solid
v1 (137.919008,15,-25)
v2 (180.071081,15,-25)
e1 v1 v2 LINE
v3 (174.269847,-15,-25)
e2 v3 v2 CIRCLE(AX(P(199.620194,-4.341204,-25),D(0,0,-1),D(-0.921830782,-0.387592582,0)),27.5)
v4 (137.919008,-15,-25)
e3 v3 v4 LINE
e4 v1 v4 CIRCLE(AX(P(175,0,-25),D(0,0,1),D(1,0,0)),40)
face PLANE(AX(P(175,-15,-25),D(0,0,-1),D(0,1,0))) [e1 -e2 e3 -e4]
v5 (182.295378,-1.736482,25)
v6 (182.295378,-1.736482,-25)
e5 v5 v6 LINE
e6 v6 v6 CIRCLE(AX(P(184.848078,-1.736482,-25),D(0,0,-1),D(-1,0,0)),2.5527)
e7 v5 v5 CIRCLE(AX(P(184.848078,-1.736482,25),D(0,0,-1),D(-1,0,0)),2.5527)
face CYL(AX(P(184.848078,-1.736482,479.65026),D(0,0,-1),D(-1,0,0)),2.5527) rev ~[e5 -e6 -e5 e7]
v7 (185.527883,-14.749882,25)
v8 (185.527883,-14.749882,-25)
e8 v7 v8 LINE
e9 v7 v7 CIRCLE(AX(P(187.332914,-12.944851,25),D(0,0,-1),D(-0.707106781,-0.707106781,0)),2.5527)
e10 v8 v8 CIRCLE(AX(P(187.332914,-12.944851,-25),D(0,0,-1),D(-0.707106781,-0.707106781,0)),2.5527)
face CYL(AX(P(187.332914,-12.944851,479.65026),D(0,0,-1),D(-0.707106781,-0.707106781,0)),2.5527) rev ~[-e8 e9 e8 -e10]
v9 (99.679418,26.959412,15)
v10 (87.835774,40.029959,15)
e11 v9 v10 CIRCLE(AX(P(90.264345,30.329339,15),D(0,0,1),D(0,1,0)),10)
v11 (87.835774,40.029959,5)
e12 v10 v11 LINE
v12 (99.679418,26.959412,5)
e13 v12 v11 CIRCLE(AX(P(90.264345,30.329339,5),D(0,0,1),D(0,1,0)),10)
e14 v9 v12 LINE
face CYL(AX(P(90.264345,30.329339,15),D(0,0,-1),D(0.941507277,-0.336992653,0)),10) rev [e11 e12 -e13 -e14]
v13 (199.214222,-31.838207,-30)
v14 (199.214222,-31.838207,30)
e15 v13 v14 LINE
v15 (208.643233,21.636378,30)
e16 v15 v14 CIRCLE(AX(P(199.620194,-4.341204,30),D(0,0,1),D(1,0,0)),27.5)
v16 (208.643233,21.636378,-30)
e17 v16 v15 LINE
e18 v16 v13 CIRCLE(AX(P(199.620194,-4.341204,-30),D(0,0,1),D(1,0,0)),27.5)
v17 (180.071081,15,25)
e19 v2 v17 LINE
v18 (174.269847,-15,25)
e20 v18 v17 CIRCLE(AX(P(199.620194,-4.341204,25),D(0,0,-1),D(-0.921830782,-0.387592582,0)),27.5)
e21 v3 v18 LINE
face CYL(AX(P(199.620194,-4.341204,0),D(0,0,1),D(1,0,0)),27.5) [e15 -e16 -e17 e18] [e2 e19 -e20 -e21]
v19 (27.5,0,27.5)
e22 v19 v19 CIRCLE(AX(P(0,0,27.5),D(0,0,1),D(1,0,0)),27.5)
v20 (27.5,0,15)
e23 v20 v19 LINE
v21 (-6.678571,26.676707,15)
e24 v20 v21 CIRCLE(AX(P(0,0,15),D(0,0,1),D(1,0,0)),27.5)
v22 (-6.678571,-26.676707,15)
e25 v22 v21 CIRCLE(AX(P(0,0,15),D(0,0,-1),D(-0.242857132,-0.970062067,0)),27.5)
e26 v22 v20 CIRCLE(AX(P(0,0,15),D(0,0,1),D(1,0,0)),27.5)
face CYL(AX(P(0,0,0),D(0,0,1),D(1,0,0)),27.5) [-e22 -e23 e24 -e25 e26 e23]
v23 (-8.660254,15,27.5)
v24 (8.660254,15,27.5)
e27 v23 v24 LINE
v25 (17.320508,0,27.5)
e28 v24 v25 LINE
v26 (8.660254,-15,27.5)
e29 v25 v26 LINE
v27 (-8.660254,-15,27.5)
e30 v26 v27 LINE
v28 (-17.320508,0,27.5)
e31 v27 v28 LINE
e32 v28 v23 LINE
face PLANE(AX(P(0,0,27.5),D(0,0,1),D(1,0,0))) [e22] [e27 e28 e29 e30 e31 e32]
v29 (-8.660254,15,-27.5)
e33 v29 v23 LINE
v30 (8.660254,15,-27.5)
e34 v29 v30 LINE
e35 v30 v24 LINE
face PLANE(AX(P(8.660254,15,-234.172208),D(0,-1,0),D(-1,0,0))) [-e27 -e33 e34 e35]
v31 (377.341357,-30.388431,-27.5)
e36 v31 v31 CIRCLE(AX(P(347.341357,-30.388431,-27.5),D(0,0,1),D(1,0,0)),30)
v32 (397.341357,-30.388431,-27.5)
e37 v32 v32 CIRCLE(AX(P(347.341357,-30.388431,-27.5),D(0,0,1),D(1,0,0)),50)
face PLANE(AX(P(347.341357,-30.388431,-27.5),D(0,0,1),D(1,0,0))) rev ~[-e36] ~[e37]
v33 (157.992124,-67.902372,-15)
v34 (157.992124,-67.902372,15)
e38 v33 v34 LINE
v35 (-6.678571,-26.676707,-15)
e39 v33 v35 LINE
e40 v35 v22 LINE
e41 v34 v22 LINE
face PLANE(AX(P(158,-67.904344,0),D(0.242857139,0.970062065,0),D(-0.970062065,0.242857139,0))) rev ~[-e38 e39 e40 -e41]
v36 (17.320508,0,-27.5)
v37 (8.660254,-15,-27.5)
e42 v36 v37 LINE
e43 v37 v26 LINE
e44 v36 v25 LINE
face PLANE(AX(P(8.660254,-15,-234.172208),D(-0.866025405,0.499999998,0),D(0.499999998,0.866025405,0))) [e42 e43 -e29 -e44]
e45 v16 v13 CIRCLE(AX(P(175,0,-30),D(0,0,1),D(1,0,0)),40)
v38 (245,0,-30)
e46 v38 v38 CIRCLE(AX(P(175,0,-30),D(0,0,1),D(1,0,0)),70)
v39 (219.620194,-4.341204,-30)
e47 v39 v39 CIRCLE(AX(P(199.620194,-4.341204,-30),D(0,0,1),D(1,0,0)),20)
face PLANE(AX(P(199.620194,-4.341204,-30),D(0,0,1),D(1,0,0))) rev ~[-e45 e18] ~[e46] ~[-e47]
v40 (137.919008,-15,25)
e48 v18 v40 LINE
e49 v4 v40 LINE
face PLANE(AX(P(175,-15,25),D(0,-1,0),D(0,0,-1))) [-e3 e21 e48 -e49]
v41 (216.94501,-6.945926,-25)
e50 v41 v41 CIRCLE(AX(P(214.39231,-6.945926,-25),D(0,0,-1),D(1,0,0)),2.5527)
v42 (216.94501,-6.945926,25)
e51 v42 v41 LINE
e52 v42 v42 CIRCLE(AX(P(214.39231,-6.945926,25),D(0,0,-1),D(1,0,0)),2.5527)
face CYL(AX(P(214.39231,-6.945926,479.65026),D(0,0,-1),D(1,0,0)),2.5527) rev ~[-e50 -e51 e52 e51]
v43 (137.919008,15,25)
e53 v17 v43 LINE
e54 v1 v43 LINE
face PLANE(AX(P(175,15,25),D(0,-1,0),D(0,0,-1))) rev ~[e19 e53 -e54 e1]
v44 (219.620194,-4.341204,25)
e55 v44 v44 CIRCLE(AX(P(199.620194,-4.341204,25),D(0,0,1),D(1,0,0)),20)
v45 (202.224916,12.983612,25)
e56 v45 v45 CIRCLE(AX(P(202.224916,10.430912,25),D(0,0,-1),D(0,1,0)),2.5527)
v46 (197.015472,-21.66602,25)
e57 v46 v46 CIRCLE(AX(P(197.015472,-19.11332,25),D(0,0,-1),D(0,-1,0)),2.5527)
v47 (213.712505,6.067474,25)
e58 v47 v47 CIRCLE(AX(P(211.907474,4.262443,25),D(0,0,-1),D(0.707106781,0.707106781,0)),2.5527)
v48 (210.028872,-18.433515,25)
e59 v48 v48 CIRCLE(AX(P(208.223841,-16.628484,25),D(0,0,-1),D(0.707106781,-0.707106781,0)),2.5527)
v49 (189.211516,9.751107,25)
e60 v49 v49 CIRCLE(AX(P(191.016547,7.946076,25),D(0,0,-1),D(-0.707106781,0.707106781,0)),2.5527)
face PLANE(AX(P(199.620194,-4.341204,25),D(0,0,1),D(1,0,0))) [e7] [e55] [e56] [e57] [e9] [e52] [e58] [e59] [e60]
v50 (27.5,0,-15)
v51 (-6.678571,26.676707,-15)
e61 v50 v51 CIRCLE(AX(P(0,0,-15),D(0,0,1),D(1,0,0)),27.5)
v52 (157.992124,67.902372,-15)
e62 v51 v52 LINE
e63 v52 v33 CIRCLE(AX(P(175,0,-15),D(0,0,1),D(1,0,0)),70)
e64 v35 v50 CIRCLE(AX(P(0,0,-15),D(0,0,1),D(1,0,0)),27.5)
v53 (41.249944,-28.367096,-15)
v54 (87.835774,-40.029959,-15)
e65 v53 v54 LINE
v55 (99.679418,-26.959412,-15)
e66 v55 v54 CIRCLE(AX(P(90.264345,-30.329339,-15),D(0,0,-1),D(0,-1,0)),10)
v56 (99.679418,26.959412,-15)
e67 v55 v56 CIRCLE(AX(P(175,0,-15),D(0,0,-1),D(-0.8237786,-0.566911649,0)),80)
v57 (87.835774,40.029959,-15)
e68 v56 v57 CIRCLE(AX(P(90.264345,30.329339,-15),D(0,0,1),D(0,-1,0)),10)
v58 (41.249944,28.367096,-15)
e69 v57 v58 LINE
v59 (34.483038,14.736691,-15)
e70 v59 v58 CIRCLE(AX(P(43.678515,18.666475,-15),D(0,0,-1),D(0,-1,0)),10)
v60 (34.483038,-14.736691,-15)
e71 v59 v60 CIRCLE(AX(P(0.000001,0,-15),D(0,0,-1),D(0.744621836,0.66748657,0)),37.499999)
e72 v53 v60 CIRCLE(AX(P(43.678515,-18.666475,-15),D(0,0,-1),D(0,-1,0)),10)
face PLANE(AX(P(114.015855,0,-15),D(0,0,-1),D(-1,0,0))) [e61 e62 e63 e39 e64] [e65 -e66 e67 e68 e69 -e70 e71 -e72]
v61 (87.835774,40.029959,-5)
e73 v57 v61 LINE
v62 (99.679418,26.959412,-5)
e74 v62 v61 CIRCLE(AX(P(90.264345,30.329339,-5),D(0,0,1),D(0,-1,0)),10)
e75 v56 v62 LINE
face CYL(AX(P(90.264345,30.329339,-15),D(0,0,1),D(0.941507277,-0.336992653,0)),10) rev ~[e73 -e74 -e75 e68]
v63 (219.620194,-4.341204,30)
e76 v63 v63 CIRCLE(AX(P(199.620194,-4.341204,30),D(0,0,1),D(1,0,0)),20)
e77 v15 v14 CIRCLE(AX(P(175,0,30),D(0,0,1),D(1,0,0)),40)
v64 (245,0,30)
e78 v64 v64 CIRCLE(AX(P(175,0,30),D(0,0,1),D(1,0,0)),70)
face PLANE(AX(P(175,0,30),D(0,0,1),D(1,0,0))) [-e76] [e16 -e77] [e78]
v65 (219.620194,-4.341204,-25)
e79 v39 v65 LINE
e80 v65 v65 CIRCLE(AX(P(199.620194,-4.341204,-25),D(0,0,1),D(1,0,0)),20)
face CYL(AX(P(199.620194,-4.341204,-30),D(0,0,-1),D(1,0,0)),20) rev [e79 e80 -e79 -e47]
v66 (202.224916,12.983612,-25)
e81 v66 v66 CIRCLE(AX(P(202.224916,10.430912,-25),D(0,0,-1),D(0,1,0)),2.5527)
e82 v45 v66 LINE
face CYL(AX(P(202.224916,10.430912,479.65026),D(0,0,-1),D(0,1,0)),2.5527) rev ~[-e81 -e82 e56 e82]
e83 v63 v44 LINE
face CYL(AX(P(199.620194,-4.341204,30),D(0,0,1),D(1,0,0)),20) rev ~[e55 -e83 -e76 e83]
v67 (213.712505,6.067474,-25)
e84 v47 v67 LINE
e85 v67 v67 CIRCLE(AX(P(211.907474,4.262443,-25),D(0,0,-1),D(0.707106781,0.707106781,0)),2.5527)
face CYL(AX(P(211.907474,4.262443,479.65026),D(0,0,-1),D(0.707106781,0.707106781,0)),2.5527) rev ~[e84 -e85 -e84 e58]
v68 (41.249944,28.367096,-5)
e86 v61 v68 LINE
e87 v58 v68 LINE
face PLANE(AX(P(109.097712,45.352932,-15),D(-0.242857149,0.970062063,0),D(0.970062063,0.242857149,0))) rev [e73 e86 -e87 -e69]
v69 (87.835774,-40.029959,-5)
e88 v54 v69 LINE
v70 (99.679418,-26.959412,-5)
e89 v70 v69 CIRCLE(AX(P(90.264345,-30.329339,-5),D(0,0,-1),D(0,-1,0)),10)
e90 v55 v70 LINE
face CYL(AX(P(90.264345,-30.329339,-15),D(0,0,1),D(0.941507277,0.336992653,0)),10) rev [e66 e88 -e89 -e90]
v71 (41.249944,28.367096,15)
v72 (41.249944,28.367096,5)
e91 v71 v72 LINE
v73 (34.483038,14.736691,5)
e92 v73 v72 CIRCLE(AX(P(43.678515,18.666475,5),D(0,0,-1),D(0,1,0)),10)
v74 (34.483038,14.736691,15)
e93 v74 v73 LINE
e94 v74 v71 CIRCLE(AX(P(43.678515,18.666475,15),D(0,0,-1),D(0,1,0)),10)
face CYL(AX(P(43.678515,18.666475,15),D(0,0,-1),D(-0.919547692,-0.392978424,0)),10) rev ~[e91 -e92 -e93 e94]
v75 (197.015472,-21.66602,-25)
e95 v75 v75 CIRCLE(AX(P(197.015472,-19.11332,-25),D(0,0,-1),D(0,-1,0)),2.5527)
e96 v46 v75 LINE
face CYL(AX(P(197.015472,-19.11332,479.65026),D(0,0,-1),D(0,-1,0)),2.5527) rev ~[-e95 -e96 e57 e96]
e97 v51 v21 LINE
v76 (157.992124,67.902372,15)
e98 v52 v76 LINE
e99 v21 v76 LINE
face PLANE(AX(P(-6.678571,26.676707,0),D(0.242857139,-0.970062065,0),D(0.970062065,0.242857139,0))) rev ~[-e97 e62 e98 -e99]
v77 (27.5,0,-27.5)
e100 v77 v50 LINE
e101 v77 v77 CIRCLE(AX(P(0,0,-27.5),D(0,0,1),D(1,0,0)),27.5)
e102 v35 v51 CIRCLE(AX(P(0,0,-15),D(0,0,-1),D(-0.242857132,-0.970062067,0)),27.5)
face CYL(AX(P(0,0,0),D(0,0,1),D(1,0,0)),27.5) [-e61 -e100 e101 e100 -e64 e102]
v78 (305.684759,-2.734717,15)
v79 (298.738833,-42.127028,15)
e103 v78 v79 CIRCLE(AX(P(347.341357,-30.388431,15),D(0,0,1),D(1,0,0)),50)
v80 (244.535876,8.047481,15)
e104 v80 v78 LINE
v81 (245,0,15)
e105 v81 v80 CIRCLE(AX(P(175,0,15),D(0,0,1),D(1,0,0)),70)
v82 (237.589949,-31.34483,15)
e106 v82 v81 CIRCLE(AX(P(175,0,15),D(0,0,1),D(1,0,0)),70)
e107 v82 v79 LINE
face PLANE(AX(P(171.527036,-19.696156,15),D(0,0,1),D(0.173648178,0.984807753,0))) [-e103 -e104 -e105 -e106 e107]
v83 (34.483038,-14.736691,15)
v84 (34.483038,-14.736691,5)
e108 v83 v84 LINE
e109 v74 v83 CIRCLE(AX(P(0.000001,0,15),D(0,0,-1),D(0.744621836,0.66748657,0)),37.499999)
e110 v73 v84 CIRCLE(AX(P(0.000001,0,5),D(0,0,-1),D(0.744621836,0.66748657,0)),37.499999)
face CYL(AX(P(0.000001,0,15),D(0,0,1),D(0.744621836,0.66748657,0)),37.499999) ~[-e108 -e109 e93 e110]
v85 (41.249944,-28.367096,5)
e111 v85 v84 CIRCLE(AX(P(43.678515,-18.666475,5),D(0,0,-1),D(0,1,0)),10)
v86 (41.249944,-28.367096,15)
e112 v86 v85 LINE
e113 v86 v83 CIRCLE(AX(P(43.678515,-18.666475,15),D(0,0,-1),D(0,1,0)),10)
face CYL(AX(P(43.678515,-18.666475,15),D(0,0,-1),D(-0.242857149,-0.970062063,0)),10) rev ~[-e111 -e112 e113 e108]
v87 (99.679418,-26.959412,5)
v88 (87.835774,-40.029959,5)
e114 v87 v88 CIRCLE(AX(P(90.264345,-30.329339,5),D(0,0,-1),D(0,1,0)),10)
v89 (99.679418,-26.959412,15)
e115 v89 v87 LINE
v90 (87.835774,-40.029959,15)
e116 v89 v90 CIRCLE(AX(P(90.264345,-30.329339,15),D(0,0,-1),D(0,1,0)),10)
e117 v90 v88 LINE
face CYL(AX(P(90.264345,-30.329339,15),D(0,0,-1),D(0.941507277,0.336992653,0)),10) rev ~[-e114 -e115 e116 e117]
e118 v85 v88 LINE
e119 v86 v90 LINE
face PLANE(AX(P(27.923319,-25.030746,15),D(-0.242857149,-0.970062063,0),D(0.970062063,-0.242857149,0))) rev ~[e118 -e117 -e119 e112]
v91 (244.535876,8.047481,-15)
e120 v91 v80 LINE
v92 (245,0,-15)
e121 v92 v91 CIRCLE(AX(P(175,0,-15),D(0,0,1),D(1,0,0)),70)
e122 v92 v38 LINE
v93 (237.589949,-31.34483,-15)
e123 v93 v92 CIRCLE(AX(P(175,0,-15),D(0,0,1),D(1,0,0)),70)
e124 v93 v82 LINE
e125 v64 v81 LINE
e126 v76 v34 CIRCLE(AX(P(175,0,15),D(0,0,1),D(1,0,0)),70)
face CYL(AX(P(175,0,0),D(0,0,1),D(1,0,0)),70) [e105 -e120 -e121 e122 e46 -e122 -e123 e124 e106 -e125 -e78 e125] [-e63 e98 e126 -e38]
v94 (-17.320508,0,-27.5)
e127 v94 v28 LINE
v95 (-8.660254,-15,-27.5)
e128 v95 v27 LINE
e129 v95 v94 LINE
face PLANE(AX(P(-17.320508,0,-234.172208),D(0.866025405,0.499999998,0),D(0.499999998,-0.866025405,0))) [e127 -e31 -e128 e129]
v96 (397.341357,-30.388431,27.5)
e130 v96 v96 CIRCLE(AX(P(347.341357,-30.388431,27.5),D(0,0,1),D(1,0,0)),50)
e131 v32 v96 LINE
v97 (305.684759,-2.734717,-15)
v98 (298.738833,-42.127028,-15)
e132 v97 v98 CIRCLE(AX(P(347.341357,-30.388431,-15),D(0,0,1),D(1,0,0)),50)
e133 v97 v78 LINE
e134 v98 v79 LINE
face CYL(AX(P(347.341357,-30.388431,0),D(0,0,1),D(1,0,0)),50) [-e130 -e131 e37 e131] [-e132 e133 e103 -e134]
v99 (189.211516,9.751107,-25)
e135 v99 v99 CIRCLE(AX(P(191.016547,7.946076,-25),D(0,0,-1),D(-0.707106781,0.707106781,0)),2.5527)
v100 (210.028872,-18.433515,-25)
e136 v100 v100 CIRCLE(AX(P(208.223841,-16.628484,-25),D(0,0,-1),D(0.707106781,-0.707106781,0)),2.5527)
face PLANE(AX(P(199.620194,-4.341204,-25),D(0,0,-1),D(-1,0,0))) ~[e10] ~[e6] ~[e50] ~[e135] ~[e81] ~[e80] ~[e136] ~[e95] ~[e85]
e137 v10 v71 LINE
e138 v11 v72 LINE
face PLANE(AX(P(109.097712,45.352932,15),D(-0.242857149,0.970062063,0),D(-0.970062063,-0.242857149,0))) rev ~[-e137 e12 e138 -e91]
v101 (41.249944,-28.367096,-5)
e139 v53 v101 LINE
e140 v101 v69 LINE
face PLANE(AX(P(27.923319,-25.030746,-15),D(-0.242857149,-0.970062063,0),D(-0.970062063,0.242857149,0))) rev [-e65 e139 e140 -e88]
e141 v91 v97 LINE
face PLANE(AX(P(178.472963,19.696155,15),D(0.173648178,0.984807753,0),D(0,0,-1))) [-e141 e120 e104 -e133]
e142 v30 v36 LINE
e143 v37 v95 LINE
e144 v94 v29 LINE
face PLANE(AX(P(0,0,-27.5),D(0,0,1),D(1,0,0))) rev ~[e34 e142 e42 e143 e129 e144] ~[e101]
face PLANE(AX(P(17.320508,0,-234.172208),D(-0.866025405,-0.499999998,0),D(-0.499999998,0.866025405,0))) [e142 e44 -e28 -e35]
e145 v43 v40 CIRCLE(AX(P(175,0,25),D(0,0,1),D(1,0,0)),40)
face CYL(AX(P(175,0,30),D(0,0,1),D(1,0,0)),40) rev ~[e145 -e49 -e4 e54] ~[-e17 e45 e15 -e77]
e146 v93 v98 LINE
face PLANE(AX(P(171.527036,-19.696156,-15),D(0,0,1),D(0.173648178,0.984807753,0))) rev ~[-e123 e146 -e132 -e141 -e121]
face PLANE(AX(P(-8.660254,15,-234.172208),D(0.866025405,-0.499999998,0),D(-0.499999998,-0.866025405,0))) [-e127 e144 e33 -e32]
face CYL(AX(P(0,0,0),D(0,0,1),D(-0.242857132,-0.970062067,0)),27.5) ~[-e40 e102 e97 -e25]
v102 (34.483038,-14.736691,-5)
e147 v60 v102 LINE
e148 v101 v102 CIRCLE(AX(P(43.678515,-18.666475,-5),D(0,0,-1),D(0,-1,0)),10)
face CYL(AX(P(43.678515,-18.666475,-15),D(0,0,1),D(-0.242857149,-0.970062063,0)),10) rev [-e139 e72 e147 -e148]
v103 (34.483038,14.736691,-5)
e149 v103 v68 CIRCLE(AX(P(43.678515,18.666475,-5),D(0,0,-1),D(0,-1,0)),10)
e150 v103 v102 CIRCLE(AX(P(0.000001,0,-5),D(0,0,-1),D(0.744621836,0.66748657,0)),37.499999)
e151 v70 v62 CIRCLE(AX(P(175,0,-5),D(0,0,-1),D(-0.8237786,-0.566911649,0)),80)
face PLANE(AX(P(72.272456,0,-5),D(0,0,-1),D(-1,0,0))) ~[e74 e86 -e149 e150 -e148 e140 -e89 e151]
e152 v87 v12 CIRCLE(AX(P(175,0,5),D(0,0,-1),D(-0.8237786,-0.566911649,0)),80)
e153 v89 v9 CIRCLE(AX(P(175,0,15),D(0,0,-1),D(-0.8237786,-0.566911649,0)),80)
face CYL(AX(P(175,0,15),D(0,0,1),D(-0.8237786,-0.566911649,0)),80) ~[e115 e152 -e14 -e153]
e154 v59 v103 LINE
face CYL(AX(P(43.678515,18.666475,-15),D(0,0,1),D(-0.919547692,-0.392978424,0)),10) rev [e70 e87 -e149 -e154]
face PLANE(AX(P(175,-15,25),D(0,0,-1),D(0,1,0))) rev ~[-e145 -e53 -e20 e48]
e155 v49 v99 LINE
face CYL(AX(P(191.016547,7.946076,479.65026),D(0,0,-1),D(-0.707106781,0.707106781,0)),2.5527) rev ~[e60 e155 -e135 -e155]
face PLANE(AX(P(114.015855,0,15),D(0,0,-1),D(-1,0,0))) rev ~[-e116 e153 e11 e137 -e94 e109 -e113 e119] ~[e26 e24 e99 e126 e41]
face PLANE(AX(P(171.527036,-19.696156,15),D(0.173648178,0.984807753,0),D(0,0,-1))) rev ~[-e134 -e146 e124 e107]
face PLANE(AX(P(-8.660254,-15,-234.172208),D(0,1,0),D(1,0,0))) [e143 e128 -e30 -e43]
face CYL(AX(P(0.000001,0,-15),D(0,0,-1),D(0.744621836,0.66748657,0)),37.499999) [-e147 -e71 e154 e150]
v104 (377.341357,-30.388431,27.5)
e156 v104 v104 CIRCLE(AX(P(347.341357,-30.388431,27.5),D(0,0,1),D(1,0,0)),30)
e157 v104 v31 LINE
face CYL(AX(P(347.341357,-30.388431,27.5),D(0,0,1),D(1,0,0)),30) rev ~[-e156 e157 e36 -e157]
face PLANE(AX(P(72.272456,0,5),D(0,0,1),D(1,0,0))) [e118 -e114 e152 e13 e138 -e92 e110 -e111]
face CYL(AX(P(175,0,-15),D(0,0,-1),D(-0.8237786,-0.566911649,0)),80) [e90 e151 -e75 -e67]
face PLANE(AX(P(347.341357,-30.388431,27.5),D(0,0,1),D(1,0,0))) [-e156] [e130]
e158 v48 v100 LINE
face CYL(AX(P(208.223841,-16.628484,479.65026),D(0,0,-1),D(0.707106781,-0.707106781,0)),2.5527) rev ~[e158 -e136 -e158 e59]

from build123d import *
from build123d.topology import SkipClean

# Parameters (mm, degrees)
LEFT_ARM_DEPTH                = 15
SKETCH2_R                     = 27.5
LEFT_BOSS_DEPTH               = 27.5
LEFT_HEX_DEPTH                = 261.672208
LEFT_HEX_DEPTH_BACK           = 261.672208
SKETCH3_R                     = 70
CENTRE_BOSS_DEPTH             = 30
SKETCH5_W                     = 30
SKETCH5_H                     = 40
RIGHT_ARM_DEPTH               = 175
SKETCH7_R                     = 50
RIGHT_BOSS_DEPTH              = 27.5
SKETCH8_R                     = 30
RIGHT_BOSS_HOLE_DEPTH         = 410.449269
SKETCH9_R                     = 40
CENTRE_HOLE_DEPTH             = 410.807825
SKETCH10_R                    = 27.5
CENTRE_BLOB_DEPTH             = 30
CENTRE_BEAM_REACH             = 240.323
SKETCH11_W                    = 50
SKETCH11_H                    = 30
CENTRE_BEAM_DIRECTION_2_REACH = 240.323
SKETCH12_R                    = 20
CUT_EXTRUDE4_DEPTH            = 5
F_1_4_20_TAPPED_HOLE1_D       = 5.1054
CIRPATTERN1_COUNT             = 8
CUT_OUT_DEPTH                 = 10
FILLET1_R                     = 10
FILLET1_OF_MIRROR2_R          = 10


with BuildPart() as part:
    # Sketch1 → LEFT_ARM (new, symmetric)
    with BuildSketch(Plane.XY):
        with BuildLine():
            Line((-6.678571, 26.676707), (158, 67.904344))
            ThreePointArc((158, 67.904344), (245, 0), (158, -67.904344))
            Line((158, -67.904344), (-6.678571, -26.676707))
            ThreePointArc((-6.678571, -26.676707), (-27.5, 0), (-6.678571, 26.676707))
        make_face()
    extrude(amount=LEFT_ARM_DEPTH, both=True)

    # Sketch2 → LEFT_Boss (add, symmetric)
    with SkipClean():  # the faces are left unmerged after this step: merging them gives an invalid solid
        with BuildSketch(Plane.XY):
            Circle(SKETCH2_R)
        extrude(amount=LEFT_BOSS_DEPTH, both=True)

    # Sketch4 → LEFT_Hex (cut, two sides: drawn at the far end of the back side and taken through both)
    with SkipClean():  # the faces are left unmerged after this step: merging them gives an invalid solid
        with BuildSketch(Plane.XY.offset(27.5).offset(-LEFT_HEX_DEPTH_BACK)):
            Polygon((17.320508, 0), (8.660254, 15), (-8.660254, 15), (-17.320508, 0), (-8.660254, -15), (8.660254, -15), align=None)
        extrude(amount=LEFT_HEX_DEPTH + LEFT_HEX_DEPTH_BACK, mode=Mode.SUBTRACT)

    # Sketch3 → CENTRE_Boss (add, symmetric)
    with BuildSketch(Plane.XY):
        with Locations((175, 0)):
            Circle(SKETCH3_R)
    extrude(amount=CENTRE_BOSS_DEPTH, both=True)

    # Sketch5 → RIGHT_ARM (add)
    with BuildSketch(Plane(origin=(169.723104, -29.926763, 0), x_dir=(0, 0, -1), z_dir=(0.984807753012208, -0.17364817766693072, 0))):
        with Locations((0, 30.388431)):
            Rectangle(SKETCH5_W, SKETCH5_H)
    extrude(amount=RIGHT_ARM_DEPTH)

    # Sketch7 → RIGHT_Boss (add, symmetric)
    with BuildSketch(Plane.XY):
        with Locations((347.341357, -30.388431)):
            Circle(SKETCH7_R)
    extrude(amount=RIGHT_BOSS_DEPTH, both=True)

    # Sketch8 → RIGHT_Boss_Hole (cut, through all)
    with BuildSketch(Plane.XY.offset(27.5)):
        with Locations((347.341357, -30.388431)):
            Circle(SKETCH8_R)
    extrude(amount=-RIGHT_BOSS_HOLE_DEPTH, mode=Mode.SUBTRACT)

    # Sketch9 → CENTRE_Hole (cut, through all)
    with BuildSketch(Plane.XY.offset(30)):
        with Locations((175, 0)):
            Circle(SKETCH9_R)
    extrude(amount=-CENTRE_HOLE_DEPTH, mode=Mode.SUBTRACT)

    # Sketch10 → CENTRE_Blob (add, symmetric)
    with BuildSketch(Plane.XY):
        with Locations((199.620194, -4.341204)):
            Circle(SKETCH10_R)
    extrude(amount=CENTRE_BLOB_DEPTH, both=True)

    # Sketch11 → CENTRE_Beam (add, up to next)
    with BuildSketch(Plane(origin=(175, 0, 0), x_dir=(0, 0, -1), z_dir=(1, 0, 0)), mode=Mode.PRIVATE) as centre_beam_sk1:
        Rectangle(SKETCH11_W, SKETCH11_H)
    centre_beam_tool1 = extrude(centre_beam_sk1.sketch, amount=CENTRE_BEAM_REACH, mode=Mode.PRIVATE) - part.part
    add(centre_beam_tool1.solids().sort_by_distance((175, 0, 0))[0])

    # Sketch11 → CENTRE_Beam direction 2 (add, up to next)
    with BuildSketch(Plane(origin=(175, 0, 0), x_dir=(0, 0, -1), z_dir=(1, 0, 0)), mode=Mode.PRIVATE) as centre_beam_direction_2_sk1:
        Rectangle(SKETCH11_W, SKETCH11_H)
    centre_beam_direction_2_tool1 = extrude(centre_beam_direction_2_sk1.sketch, amount=-CENTRE_BEAM_DIRECTION_2_REACH, mode=Mode.PRIVATE) - part.part
    add(centre_beam_direction_2_tool1.solids().sort_by_distance((175, 0, 0))[0])

    # Sketch12 → Cut-Extrude4 (cut)
    with BuildSketch(Plane.XY.offset(30)):
        with Locations((199.620194, -4.341204)):
            Circle(SKETCH12_R)
    cut_extrude4 = extrude(amount=-CUT_EXTRUDE4_DEPTH, mode=Mode.SUBTRACT)

    # 1/4-20 Tapped Hole1 (through all)
    with Locations(Plane.XY.offset(25)):
        with Locations((184.848078, -1.736482)):
            f_1_4_20_tapped_hole1 = Hole(F_1_4_20_TAPPED_HOLE1_D / 2)

    # CirPattern1: 1/4-20 Tapped Hole1 ×8 about axis
    cirpattern1_axis = Axis((199.620194, -4.341204, 0), (0, 0, 1))
    for i in range(1, CIRPATTERN1_COUNT):
        add(f_1_4_20_tapped_hole1.rotate(cirpattern1_axis, i * 360 / CIRPATTERN1_COUNT), mode=Mode.SUBTRACT)

    # Mirror1: Cut-Extrude4 across plane
    add(cut_extrude4.mirror(Plane.XY), mode=Mode.SUBTRACT)

    # Sketch15 → Cut_OUT (cut)
    with BuildSketch(Plane.XY.offset(15)):
        with BuildLine():
            Line((109.097712, 45.352932), (27.923319, 25.030746))
            ThreePointArc((27.923319, 25.030746), (37.5, 0), (27.923319, -25.030746))
            Line((27.923319, -25.030746), (109.097712, -45.352932))
            ThreePointArc((109.097712, -45.352932), (95, 0), (109.097712, 45.352932))
        make_face()
    cut_out = extrude(amount=-CUT_OUT_DEPTH, mode=Mode.SUBTRACT)

    # Fillet1
    fillet1_edges = [part.edges().sort_by_distance(p)[0] for p in [
        (27.923319, -25.030746, 10),
        (27.923319, 25.030746, 10),
        (109.097712, 45.352932, 10),
        (109.097712, -45.352932, 10),
    ]]
    fillet(fillet1_edges, radius=FILLET1_R)

    # Mirror2: Cut_OUT across plane
    with SkipClean():  # the faces are left unmerged after this step: merging them gives an invalid solid
        add(cut_out.mirror(Plane.XY), mode=Mode.SUBTRACT)

    # Fillet1 of Mirror2
    fillet1_of_mirror2_edges = [part.edges().sort_by_distance(p)[0] for p in [
        (27.923319, -25.030746, -10),
        (27.923319, 25.030746, -10),
        (109.097712, 45.352932, -10),
        (109.097712, -45.352932, -10),
    ]]
    fillet(fillet1_of_mirror2_edges, radius=FILLET1_OF_MIRROR2_R)


solid = part.part
